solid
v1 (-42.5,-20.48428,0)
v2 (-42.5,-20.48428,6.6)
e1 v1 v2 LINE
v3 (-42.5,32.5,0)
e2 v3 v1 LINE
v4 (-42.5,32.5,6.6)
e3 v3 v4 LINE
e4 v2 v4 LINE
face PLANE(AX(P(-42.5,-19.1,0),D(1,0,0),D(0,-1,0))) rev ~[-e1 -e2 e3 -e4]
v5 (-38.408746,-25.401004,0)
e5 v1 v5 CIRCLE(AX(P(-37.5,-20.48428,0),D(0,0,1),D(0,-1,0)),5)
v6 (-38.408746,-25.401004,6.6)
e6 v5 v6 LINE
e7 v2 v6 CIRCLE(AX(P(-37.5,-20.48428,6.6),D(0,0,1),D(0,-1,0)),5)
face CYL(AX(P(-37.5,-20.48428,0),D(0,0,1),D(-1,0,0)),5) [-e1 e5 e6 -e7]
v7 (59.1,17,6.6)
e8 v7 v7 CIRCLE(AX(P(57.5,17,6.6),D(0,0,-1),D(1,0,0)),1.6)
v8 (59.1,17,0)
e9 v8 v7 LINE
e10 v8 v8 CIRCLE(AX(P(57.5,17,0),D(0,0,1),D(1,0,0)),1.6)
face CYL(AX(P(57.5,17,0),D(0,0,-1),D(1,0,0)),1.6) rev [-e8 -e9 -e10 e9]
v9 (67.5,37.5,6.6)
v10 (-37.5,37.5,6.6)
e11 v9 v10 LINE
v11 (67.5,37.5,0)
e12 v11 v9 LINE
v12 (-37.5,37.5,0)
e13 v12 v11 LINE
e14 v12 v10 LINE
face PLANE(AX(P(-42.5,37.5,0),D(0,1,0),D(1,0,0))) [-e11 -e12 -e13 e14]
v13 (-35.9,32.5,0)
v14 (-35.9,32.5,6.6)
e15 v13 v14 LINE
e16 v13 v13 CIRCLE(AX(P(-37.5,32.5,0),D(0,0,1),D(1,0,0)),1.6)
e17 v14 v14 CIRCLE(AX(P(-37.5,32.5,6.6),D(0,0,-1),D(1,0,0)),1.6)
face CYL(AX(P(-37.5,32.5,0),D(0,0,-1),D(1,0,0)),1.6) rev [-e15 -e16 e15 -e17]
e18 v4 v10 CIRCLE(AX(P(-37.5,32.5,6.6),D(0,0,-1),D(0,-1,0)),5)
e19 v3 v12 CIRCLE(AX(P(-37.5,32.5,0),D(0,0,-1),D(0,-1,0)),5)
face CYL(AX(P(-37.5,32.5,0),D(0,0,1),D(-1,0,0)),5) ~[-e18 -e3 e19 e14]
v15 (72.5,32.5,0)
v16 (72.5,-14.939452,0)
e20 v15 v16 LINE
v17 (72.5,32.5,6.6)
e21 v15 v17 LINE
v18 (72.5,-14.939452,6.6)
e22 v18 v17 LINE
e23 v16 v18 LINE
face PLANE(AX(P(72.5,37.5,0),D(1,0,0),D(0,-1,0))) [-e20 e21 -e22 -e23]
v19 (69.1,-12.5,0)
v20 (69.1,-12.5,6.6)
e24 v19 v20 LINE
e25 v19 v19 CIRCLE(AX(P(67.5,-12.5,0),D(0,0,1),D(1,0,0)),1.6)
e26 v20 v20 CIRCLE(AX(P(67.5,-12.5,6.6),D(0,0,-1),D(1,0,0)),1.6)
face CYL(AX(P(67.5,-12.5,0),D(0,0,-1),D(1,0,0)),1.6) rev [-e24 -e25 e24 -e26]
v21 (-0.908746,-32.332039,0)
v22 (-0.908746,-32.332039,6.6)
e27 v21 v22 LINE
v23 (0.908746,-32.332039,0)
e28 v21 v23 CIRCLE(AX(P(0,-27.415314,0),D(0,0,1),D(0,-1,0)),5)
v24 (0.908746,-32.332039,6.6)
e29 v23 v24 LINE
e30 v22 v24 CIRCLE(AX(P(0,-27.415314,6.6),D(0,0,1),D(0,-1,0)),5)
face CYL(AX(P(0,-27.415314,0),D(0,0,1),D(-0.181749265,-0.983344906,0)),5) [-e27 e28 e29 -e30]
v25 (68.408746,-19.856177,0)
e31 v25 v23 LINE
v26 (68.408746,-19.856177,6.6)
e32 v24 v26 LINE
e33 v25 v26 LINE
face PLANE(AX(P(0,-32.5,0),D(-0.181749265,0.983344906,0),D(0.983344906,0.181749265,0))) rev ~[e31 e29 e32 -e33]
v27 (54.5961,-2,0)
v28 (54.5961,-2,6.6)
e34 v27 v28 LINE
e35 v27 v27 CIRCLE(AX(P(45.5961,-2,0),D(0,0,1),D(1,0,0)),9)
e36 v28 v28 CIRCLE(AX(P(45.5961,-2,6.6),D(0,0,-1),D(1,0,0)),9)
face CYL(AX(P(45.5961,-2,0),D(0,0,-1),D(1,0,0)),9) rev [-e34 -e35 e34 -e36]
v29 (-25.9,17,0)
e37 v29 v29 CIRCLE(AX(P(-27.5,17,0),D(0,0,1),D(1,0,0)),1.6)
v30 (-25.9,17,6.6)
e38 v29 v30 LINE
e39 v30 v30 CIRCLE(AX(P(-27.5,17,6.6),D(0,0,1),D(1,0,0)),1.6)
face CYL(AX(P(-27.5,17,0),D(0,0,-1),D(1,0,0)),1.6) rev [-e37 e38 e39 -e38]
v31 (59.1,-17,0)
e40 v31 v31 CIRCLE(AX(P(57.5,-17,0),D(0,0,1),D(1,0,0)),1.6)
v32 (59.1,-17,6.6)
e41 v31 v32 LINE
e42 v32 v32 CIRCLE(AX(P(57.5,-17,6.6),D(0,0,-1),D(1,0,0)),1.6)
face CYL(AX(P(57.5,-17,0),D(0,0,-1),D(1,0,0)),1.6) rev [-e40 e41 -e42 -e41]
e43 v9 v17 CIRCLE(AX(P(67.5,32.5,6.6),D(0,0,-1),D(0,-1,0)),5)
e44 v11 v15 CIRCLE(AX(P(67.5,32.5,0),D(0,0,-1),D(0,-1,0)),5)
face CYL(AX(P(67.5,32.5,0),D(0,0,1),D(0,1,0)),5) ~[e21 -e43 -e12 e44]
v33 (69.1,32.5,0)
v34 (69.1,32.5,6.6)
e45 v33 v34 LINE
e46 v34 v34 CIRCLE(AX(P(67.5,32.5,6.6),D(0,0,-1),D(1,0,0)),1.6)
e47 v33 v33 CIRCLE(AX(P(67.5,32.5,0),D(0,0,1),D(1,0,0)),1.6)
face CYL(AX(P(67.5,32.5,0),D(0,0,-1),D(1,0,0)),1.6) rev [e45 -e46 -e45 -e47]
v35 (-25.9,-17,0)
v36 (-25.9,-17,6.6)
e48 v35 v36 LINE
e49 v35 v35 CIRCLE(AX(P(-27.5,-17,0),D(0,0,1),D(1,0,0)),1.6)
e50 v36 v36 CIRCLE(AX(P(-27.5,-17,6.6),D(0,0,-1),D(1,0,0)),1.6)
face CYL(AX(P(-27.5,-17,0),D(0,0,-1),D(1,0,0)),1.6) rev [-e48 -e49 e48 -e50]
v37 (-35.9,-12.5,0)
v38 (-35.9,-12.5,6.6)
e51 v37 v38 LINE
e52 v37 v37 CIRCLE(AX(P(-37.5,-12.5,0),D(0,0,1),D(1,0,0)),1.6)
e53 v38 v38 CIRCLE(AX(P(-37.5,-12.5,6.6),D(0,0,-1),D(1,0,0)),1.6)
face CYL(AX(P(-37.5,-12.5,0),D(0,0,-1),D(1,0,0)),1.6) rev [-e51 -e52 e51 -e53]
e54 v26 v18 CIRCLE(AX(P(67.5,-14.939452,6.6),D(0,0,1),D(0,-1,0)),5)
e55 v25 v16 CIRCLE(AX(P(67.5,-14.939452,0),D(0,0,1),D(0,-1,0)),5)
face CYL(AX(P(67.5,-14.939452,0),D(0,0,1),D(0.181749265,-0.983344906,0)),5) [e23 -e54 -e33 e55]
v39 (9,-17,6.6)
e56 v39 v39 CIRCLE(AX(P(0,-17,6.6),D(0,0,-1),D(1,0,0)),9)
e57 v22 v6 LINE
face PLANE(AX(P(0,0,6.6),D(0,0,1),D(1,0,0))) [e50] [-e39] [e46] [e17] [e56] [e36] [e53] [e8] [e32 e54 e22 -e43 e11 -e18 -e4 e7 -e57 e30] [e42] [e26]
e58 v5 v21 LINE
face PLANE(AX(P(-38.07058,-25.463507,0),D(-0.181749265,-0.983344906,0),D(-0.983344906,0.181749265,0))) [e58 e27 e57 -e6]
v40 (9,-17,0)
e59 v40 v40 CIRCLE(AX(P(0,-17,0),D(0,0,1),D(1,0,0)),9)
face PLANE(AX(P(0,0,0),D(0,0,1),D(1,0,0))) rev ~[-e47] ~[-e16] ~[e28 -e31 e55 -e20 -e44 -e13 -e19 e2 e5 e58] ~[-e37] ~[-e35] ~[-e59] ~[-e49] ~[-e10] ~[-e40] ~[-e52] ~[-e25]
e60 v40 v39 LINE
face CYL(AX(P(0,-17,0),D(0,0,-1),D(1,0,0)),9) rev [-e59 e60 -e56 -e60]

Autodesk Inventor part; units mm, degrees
ref_plane "YZ Plane" through (0, 0, 0) normal (1, 0, 0) x (0, 1, 0)
ref_plane "XZ Plane" through (0, 0, 0) normal (0, 1, 0) x (-1, 0, 0)
ref_plane "XY Plane" through (0, 0, 0) normal (0, 0, 1) x (1, 0, 0)
sketch "スケッチ1" plane through (0, 0, 0) normal (0, 0, 1) x (1, 0, 0)
  point P0 (0, 0)
sketch "スケッチ2" plane through (0, 0, 0) normal (0, 0, 1) x (1, 0, 0)
  line L0 (72.5, -37.5) -> (-72.5, -37.5)
  line L1 (-72.5, -37.5) -> (-72.5, 37.5)
  line L2 (-72.5, 37.5) -> (72.5, 37.5)
  line L3 (72.5, 37.5) -> (72.5, -37.5)
  line L4 (72.5, -37.5) -> (-72.5, 37.5) construction
  line L5 (-72.5, -37.5) -> (72.5, 37.5) construction
  line L6 (67.5, 32.5) -> (-67.5, 32.5)
  line L7 (-67.5, 32.5) -> (-67.5, -32.5)
  line L8 (-67.5, -32.5) -> (67.5, -32.5)
  line L9 (67.5, -32.5) -> (67.5, 32.5)
  line L10 (-67.5, 32.5) -> (-67.5, 12.5) construction
  line L11 (-69.1, 32.5) -> (-69.1, 12.5)
  line L12 (-65.9, 12.5) -> (-65.9, 32.5)
  arc A0 (-65.9, 32.5) -> (-69.1, 32.5) centre (-67.5, 32.5) ccw
  arc A1 (-69.1, 12.5) -> (-65.9, 12.5) centre (-67.5, 12.5) ccw
  line L13 (-67.5, 32.5) -> (-47.5, 32.5) construction
  line L14 (-67.5, -32.5) -> (-67.5, -12.5) construction
  line L15 (-65.9, -32.5) -> (-65.9, -12.5)
  line L16 (-69.1, -12.5) -> (-69.1, -32.5)
  arc A2 (-69.1, -32.5) -> (-65.9, -32.5) centre (-67.5, -32.5) ccw
  arc A3 (-65.9, -12.5) -> (-69.1, -12.5) centre (-67.5, -12.5) ccw
  line L17 (-67.5, -32.5) -> (-47.5, -32.5) construction
  line L18 (67.5, 32.5) -> (67.5, 12.5) construction
  line L19 (65.9, 32.5) -> (65.9, 12.5)
  line L20 (69.1, 12.5) -> (69.1, 32.5)
  arc A4 (69.1, 32.5) -> (65.9, 32.5) centre (67.5, 32.5) ccw
  arc A5 (65.9, 12.5) -> (69.1, 12.5) centre (67.5, 12.5) ccw
  line L21 (67.5, 32.5) -> (87.5, 32.5) construction
  line L22 (67.5, -32.5) -> (67.5, -12.5) construction
  line L23 (69.1, -32.5) -> (69.1, -12.5)
  line L24 (65.9, -12.5) -> (65.9, -32.5)
  arc A6 (65.9, -32.5) -> (69.1, -32.5) centre (67.5, -32.5) ccw
  arc A7 (69.1, -12.5) -> (65.9, -12.5) centre (67.5, -12.5) ccw
  line L25 (67.5, -32.5) -> (87.5, -32.5) construction
  line L26 (-72.5, -17) -> (72.5, -17)
  circle A8 centre (0, -17) radius 9
  circle A9 centre (0, -17) radius 39
  line L27 (-67.5, 37.5) -> (67.5, 37.5)
  line L28 (67.5, 37.5) -> (67.5, 32.5)
  line L29 (67.5, 32.5) -> (-67.5, 32.5)
  line L30 (-67.5, 32.5) -> (-67.5, 37.5)
  line L31 (-67.5, 32.5) -> (0, 0)
  line L32 (67.5, 32.5) -> (0, 0)
  line L33 (0, 37.5) -> (0, -37.5)
  circle A10 centre (0, -155) radius 120
  circle A11 centre (-67.5, 32.5) radius 1.6
  circle A12 centre (-67.5, -12.5) radius 1.6
  circle A13 centre (67.5, -12.5) radius 1.6
  circle A14 centre (67.5, 32.5) radius 1.6
  line L34 (0, -37.5) -> (25.0925, -37.5)
  circle A15 centre (57.5, 17) radius 1.6
  circle A16 centre (57.5, -17) radius 1.6
  circle A17 centre (-57.5, 17) radius 1.6
  circle A18 centre (-57.5, -17) radius 1.6
  line L35 (0, -32.5) -> (-72.5, -19.1)
  line L36 (0, -32.5) -> (72.5, -19.1)
  line L37 (-67.5, -19.1) -> (67.5, -19.1)
  circle A19 centre (0, -17) radius 24
  circle A20 centre (45.5961, -2) radius 24
  circle A21 centre (45.5961, -2) radius 9
  circle A22 centre (-37.5, -12.5) radius 1.6
  circle A23 centre (-27.5, -17) radius 1.6
  circle A24 centre (-37.5, 32.5) radius 1.6
  circle A25 centre (-27.5, 17) radius 1.6
  line L38 (-42.5, 37.5) -> (-42.5, -37.5)
  point P0 (-48, -17)
  point P1 (-67.5, 22.5)
  point P2 (67.5, 22.5)
  point P3 (67.5, 37.5)
  point P4 (-33.1776, -37.5)
  point P5 (-31.9697, -39.337)
  point P6 (31.9697, -39.337)
  point P7 (33.1776, -37.5)
  point P8 (-24.367, -37.5)
  point P9 (24.367, -37.5)
  point P10 (-65.9, -12.5)
  point P11 (69.1, 32.5)
  point P12 (65.9, -12.5)
  point P13 (69.1, -12.5)
  point P14 (-65.9, 32.5)
  point P15 (-69.1, 32.5)
  point P16 (0, 0)
  point P17 (72.5, -19.1)
  point P18 (0, 22)
  point P19 (25.6708, 12.36)
  point P20 (65.9, 31.7296)
  point P21 (67.5, 34.1)
  point P22 (66.0584, 31.8059)
  point P23 (-67.5, 34.1)
  point P24 (-65.9, 31.7296)
  point P25 (-25.6708, 12.36)
  point P26 (-42.5, 37.5)
  point P27 (-42.5, -24.6448)
  point P28 (-67.5, 30.9)
  point P29 (-67.5, 10.9)
  point P30 (-66.0584, 31.8059)
  dimension "d0" = 145
  dimension "d1" = 75
  dimension "d21" = 5
  dimension "d22" = 20
  dimension "d23" = 90
  dimension "d24" = 3.2
  dimension "d25" = 20
  dimension "d26" = 90
  dimension "d27" = 3.2
  dimension "d28" = 20
  dimension "d29" = 90
  dimension "d30" = 3.2
  dimension "d31" = 20
  dimension "d32" = 90
  dimension "d33" = 3.2
  dimension "d36" = 20.5
  dimension "d37" = 18
  dimension "d38" = 78
  dimension "d40" = 48
  dimension "d42" = 135
  dimension "d43" = 67.5
  dimension "d45" = 240
  dimension "d46" = 138
  dimension "d47" = 3.2
  dimension "d48" = 3.2
  dimension "d49" = 10
  dimension "d50" = 10
  dimension "d51" = 17
  dimension "d52" = 17
  dimension "d55" = 48
  dimension "d56" = 48
  dimension "d57" = 18
  dimension "d59" = 6.6
  dimension "d60" = 15
  dimension "d63" = 30
  dimension "d68" = 30
extrude "押し出し1" add sketch "スケッチ2" along normal blind 6.6 contours L38 L37 A9 L35 | A9 L37 A19 L35 | L38 L26 A9 L37 | L35 A19 L37 A8 L33 | L33 A8 L37 A19 L36 | A9 L26 A23 A19 L37 | L38 L31 A9 A22 L26 | A19 L37 A20 A9 L36 | A19 L26 A8 L37 | A9 A22 L31 A19 L26 A23 | L38 L6 A24 L33 A9 L31 | L2 L33 L6 A24 L38 | A8 L26 A19 L37 | A9 A20 L36 | A19 L26 A20 L37 | A19 L31 L33 A8 L26 | L36 L23 L26 L3 | A9 L33 A19 L31 | L2 L28 A4 L6 L33 | A8 L33 L32 A19 L26 | A20 L37 A9 | A9 L37 A20 L36 | A20 L26 A9 L37 | A19 A20 L26 | A19 L33 L31 | L26 L23 A7 A20 L9 A5 L20 A4 L28 L2 L3 | L36 L9 L26 L23 | L36 A20 L37 L24 | L24 L37 L9 L36 | L33 L6 L19 L32 A20 A9 | A9 L32 A19 L33 | A9 L26 A16 A20 L37 | A20 A9 L26 | A19 L32 A9 A20 | L33 A19 L32 | L26 L9 A13 L23 | L37 A20 L26 L24 | L24 L26 L9 L37 | L32 A20 A9 | A14 L32 L19 | A9 A20 L32 A15 L9 A7 L24 L26 A16 | L26 L24 A20 A13 L9 | L26 A20 L24 | A20 L32 | L20 A5 L9 A14 | L32 A14 L9 A5 L19 | L19 A5 L9 A20 A15 L32 | A7 L9 A20 | L24 A13 A20 picked at (67.8856, 0.5192)
fillet "フィレット1" radius 5 5 edges at (72.5, 37.5, 3.3) (0, -32.5, 3.3) (72.5, -19.1, 3.3) (-42.5, 37.5, 3.3) (-42.5, -24.6448, 3.3)
sketch "スケッチ3" plane through (0, 0, 6.6) normal (0, 0, 1) x (1, 0, 0)
  line L0 (72.5, -14.9395) -> (72.5, 32.5) projected
  circle A0 centre (67.5, -12.5) radius 1.6 projected
  circle A1 centre (0, -17) radius 9 projected
  line L1 (-38.4087, -25.401) -> (-0.9087, -32.332) projected
  line L2 (0.9087, -32.332) -> (68.4087, -19.8562) projected
  arc A2 (-0.9087, -32.332) -> (0.9087, -32.332) centre (0, -27.4153) ccw projected
  arc A3 (68.4087, -19.8562) -> (72.5, -14.9395) centre (67.5, -14.9395) ccw projected
  arc A4 (72.5, 32.5) -> (67.5, 37.5) centre (67.5, 32.5) ccw projected
  line L3 (67.5, 37.5) -> (-37.5, 37.5) projected
  line L4 (-42.5, 32.5) -> (-42.5, -20.4843) projected
  arc A5 (-42.5, -20.4843) -> (-38.4087, -25.401) centre (-37.5, -20.4843) ccw projected
  arc A6 (-37.5, 37.5) -> (-42.5, 32.5) centre (-37.5, 32.5) ccw projected
  point P0 (0, 0)
equation "\"d25\" = d22"
equation "\"d27\" = d24"
equation "\"d28\" = d22"
equation "\"d30\" = d24"
equation "\"d31\" = d22"
equation "\"d33\" = d24"
equation "\"d40\" = d39"
equation "\"d43\" = 0.5 * d42"
equation "\"d39\" = 48"
properties part number "small_plate_middle"
